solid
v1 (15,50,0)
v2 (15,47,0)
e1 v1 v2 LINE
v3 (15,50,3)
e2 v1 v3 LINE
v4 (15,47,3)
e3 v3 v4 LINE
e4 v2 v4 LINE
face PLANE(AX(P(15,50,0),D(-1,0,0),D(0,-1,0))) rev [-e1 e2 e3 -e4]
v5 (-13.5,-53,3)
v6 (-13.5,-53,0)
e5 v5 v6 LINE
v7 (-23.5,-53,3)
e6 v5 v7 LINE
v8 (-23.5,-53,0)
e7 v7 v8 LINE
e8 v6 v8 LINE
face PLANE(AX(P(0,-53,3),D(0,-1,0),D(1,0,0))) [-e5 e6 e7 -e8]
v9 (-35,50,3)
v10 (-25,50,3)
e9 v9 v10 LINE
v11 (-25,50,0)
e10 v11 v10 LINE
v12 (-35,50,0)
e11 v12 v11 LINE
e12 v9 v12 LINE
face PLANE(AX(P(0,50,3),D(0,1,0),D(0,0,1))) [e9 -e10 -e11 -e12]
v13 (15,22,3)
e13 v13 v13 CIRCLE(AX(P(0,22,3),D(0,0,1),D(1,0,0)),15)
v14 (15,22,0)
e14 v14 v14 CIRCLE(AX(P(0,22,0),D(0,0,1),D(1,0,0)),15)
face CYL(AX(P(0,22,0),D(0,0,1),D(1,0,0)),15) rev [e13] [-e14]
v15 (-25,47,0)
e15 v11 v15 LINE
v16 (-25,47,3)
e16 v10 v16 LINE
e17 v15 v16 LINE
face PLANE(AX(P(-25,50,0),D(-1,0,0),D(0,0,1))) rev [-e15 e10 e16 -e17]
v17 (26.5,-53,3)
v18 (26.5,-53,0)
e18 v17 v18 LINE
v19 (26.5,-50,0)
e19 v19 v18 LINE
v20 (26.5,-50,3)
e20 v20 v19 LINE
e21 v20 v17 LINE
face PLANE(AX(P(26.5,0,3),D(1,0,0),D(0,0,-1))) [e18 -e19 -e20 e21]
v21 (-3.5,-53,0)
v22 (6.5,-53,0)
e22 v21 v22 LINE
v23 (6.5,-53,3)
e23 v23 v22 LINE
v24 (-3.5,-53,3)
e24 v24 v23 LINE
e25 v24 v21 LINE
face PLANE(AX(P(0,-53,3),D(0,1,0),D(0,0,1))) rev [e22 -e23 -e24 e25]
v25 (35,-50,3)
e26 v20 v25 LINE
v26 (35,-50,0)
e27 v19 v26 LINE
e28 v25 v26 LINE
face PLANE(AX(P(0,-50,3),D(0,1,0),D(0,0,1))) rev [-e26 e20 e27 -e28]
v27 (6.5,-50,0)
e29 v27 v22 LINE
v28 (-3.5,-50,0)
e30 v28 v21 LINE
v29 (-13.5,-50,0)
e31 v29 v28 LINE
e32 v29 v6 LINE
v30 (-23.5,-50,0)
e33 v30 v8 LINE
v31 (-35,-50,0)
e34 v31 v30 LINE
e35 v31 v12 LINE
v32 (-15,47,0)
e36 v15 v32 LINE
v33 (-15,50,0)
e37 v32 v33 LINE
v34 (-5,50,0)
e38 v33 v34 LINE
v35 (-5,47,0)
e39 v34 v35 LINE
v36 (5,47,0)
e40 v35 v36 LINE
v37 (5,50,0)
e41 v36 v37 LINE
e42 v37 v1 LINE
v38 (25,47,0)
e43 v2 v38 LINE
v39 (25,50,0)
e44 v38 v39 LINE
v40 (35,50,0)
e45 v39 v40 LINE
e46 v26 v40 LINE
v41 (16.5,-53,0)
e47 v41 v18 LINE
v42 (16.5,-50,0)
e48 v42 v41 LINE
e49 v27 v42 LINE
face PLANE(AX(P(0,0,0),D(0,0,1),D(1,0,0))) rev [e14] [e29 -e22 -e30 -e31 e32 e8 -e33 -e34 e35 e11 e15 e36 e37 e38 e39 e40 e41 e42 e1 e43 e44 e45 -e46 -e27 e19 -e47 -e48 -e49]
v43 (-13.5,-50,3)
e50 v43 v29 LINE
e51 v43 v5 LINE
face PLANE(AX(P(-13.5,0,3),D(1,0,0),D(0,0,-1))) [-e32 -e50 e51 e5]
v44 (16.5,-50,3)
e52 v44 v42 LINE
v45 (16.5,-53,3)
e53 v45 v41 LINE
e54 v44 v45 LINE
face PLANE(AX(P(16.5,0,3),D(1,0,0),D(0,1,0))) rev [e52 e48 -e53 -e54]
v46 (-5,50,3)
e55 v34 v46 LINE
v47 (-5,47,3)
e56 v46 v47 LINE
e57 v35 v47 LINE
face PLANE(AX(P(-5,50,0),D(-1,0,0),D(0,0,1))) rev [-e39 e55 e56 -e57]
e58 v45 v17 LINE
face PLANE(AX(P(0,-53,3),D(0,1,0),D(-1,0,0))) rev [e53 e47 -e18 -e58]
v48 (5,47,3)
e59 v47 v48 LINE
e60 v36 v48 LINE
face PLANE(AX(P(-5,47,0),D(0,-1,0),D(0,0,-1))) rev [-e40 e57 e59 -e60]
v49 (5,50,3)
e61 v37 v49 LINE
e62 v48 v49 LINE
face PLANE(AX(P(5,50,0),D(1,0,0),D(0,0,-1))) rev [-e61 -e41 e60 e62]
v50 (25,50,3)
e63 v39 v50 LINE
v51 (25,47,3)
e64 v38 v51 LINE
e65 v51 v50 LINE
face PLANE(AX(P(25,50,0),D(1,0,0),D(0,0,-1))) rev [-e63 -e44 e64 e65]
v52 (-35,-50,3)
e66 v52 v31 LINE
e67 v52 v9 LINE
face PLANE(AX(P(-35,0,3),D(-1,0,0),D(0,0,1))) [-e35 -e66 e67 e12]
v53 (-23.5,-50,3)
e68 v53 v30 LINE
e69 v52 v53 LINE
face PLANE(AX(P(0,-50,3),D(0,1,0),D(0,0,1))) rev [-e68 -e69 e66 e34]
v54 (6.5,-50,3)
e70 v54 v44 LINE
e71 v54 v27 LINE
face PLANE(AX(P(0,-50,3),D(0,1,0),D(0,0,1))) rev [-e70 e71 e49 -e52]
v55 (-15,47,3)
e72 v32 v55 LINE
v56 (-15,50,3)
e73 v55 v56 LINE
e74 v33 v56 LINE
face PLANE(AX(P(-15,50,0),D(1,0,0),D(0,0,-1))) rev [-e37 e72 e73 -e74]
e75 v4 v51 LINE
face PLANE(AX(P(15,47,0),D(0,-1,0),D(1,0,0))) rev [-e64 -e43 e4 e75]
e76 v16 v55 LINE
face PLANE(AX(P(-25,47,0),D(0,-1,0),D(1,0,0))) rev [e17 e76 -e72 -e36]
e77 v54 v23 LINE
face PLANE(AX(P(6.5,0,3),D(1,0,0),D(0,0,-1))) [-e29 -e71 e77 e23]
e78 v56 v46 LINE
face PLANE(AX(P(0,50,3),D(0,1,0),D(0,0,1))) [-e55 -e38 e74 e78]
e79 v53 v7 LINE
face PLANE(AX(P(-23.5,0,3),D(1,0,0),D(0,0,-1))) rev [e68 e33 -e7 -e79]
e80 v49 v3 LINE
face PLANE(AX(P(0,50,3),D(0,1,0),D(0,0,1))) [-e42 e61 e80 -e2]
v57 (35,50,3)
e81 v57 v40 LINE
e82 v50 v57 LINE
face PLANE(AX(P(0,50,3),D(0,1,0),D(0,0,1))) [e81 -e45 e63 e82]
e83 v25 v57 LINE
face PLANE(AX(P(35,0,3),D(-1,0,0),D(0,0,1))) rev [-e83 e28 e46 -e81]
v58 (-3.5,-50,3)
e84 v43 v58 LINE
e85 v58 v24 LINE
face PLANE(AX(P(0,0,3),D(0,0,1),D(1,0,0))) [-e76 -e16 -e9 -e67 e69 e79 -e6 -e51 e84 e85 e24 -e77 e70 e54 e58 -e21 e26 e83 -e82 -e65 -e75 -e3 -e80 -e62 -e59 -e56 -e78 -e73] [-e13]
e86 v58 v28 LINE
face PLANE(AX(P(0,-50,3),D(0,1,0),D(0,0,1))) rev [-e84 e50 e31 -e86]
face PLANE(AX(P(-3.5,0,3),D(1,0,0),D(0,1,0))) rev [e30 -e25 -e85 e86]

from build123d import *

# Parameters (mm, degrees)
SKETCH1_W           = 70
SKETCH1_H           = 100
SKETCH1_W_2         = 10
SKETCH1_H_2         = 3
BOSS_EXTRUDE1_DEPTH = 3
SKETCH2_W           = 10
SKETCH2_H           = 3
CUT_EXTRUDE1_DEPTH  = 64.584589328
SKETCH3_R           = 15
CUT_EXTRUDE2_DEPTH  = 64.584589328


with BuildPart() as part:
    # Sketch1 → Boss-Extrude1 (new body)
    with BuildSketch(Plane.XY):
        Rectangle(SKETCH1_W, SKETCH1_H)
        with Locations((21.5, -51.5)):
            Rectangle(SKETCH1_W_2, SKETCH1_H_2)
        with Locations((1.5, -51.5)):
            Rectangle(SKETCH1_W_2, SKETCH1_H_2)
        with Locations((-18.5, -51.5)):
            Rectangle(SKETCH1_W_2, SKETCH1_H_2)
    extrude(amount=BOSS_EXTRUDE1_DEPTH)

    # Sketch2 → Cut-Extrude1 (cut, through all)
    with BuildSketch(Plane.XY.offset(3)):
        with Locations((-20, 48.5)):
            Rectangle(SKETCH2_W, SKETCH2_H)
        with Locations((0, 48.5)):
            Rectangle(SKETCH2_W, SKETCH2_H)
        with Locations((20, 48.5)):
            Rectangle(SKETCH2_W, SKETCH2_H)
    extrude(amount=-CUT_EXTRUDE1_DEPTH, mode=Mode.SUBTRACT)

    # Sketch3 → Cut-Extrude2 (cut, through all)
    with BuildSketch(Plane.XY.offset(3)):
        with Locations((0, 22)):
            Circle(SKETCH3_R)
    extrude(amount=-CUT_EXTRUDE2_DEPTH, mode=Mode.SUBTRACT)


solid = part.part
